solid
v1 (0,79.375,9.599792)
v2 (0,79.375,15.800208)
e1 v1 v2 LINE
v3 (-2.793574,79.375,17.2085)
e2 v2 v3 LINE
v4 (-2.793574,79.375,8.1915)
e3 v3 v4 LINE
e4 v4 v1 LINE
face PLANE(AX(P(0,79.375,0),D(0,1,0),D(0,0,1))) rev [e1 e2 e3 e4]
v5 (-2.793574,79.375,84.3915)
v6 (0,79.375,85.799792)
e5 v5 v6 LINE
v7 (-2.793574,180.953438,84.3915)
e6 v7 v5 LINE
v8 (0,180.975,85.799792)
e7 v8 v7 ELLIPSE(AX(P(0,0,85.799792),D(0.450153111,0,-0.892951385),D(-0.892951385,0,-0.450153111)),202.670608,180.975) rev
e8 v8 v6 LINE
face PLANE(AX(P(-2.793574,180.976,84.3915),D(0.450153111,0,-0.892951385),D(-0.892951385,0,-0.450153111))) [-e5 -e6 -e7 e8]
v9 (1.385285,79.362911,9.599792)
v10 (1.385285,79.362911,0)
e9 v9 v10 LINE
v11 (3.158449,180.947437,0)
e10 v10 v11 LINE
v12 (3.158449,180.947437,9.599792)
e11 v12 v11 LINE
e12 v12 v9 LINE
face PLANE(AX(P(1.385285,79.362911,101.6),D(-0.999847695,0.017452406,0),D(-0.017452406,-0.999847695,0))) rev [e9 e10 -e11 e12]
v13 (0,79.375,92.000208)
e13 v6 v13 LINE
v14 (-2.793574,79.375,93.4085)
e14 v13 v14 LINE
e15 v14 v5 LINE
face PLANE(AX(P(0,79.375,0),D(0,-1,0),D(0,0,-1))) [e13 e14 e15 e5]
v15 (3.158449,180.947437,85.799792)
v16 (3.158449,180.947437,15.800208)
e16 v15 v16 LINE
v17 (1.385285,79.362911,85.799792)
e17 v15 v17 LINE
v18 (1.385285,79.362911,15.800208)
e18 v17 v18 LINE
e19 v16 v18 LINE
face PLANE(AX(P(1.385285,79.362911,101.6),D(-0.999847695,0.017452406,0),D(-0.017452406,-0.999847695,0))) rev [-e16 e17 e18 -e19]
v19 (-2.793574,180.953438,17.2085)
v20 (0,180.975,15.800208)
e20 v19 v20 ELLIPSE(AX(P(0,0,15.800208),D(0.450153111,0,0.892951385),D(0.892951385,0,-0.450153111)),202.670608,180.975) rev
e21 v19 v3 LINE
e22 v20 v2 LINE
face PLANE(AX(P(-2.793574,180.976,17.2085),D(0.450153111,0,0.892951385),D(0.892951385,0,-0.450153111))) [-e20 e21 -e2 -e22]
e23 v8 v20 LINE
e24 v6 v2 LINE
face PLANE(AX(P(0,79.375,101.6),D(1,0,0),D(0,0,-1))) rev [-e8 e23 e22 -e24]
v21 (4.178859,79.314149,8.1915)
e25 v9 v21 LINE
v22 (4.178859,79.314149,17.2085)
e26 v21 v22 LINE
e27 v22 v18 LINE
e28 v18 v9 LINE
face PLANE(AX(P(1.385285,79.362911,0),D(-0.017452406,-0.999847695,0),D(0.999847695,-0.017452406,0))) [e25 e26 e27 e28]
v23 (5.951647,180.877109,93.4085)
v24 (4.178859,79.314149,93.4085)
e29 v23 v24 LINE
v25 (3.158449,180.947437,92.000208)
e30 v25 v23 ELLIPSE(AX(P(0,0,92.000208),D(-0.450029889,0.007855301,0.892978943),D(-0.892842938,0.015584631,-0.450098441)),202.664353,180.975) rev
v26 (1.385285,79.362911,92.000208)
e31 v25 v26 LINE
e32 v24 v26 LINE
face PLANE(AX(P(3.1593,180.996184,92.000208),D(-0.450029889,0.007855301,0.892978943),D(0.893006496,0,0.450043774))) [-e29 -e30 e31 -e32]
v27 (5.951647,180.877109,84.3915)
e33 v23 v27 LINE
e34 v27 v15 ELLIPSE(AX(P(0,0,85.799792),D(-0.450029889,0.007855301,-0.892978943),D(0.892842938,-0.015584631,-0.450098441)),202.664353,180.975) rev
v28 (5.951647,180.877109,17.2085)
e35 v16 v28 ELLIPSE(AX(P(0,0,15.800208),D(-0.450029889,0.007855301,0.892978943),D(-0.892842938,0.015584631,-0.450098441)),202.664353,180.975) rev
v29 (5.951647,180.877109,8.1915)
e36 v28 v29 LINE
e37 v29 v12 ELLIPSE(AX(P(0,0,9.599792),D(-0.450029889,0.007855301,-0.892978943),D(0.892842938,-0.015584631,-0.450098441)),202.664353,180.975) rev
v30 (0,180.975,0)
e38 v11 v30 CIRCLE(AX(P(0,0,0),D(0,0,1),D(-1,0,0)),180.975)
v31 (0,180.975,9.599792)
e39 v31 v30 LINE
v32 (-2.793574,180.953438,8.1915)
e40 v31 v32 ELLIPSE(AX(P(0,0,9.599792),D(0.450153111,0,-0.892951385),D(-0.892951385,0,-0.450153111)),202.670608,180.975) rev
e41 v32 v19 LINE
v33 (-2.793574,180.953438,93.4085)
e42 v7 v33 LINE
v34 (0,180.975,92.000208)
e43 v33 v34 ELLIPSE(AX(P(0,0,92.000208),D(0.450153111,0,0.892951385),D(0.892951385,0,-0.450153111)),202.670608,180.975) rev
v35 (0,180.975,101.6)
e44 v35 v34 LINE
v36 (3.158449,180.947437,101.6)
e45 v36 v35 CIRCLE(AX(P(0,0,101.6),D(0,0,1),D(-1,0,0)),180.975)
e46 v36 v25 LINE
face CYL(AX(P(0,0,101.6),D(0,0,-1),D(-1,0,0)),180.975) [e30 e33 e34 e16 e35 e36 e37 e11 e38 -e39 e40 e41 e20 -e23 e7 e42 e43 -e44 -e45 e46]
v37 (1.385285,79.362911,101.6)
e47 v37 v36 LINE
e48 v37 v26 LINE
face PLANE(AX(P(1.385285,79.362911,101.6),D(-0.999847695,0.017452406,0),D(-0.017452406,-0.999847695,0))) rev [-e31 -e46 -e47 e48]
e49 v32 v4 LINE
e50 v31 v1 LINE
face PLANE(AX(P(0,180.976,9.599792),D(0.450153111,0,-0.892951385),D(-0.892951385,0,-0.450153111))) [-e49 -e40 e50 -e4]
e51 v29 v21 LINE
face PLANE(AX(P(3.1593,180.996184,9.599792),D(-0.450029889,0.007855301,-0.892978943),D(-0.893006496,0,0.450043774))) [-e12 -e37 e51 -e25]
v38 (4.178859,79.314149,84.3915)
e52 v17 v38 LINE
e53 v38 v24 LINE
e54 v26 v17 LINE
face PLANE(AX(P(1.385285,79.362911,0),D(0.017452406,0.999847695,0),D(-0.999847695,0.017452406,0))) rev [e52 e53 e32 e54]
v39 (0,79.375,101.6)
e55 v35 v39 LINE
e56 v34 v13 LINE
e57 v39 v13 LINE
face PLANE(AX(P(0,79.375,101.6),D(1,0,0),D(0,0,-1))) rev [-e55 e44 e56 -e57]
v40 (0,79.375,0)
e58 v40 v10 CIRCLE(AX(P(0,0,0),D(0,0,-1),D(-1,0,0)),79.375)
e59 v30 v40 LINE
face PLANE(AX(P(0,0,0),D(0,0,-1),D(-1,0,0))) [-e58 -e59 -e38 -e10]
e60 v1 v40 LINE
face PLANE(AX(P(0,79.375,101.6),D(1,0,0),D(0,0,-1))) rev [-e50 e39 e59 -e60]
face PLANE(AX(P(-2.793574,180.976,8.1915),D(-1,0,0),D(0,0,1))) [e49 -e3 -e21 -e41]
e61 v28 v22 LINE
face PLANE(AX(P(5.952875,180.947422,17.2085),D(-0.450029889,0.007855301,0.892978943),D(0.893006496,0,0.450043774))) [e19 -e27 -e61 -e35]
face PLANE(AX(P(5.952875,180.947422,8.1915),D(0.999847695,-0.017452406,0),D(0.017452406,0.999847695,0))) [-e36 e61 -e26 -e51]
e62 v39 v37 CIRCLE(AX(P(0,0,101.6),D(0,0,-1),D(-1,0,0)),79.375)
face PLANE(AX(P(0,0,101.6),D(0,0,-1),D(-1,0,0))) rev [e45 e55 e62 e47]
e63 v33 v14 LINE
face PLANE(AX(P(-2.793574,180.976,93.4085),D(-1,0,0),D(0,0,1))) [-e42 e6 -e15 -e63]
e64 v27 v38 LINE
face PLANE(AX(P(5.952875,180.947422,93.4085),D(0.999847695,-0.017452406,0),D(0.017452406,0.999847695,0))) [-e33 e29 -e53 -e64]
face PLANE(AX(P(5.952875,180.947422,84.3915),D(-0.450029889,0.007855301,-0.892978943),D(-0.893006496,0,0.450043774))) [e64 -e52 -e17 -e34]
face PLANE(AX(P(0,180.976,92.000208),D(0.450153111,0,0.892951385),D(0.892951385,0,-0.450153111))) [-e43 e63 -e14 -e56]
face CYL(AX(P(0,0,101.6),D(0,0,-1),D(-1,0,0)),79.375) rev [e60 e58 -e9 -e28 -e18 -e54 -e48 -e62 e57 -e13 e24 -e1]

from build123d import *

# Parameters (mm, degrees)
BOSS_EXTRUDE1_DEPTH      = 101.6
BOSS_EXTRUDE2_REACH      = 145.704
BOSS_EXTRUDE2_END_RADIUS = 180.975
BOSS_EXTRUDE3_REACH      = 145.807
BOSS_EXTRUDE3_END_RADIUS = 180.975


with BuildPart() as part:
    # Sketch1 → Boss-Extrude1 (new body)
    with BuildSketch(Plane.XY):
        with BuildLine():
            Line((0, 79.375), (0, 180.975))
            ThreePointArc((0, 180.975), (1.579284762, 180.968109027), (3.158449255, 180.947436631))
            Line((3.158449255, 180.947436631), (1.385284761, 79.362910803))
            ThreePointArc((1.385284761, 79.362910803), (0.692668755, 79.371977643), (0, 79.375))
        make_face()
    extrude(amount=BOSS_EXTRUDE1_DEPTH)

    # Boss-Extrude2: up to this cylinder (the profile starts inside it)
    boss_extrude2_end = Plane(origin=(0, 0, 50.8), z_dir=(0, 0, -1)) * Cylinder(BOSS_EXTRUDE2_END_RADIUS, 730.558, mode=Mode.PRIVATE)
    # Sketch2 → Boss-Extrude2 (add, up to the surface)
    with BuildSketch(Plane(origin=(1.385284761, 79.362910803, 0), x_dir=(0, 0, -1), z_dir=(-0.017452406437283553, -0.9998476951563913, 0)), mode=Mode.PRIVATE) as boss_extrude2_sk1:
        Polygon((-92.000208065, 0), (-93.4085, 2.794), (-84.3915, 2.794), (-85.799791935, 0), align=None)
    boss_extrude2_tool1 = extrude(boss_extrude2_sk1.sketch, amount=-BOSS_EXTRUDE2_REACH, mode=Mode.PRIVATE) & boss_extrude2_end
    add(boss_extrude2_tool1.solids().sort_by_distance((2.868249, 79.337026, 88.9))[0])
    # Sketch2 → Boss-Extrude2 (add, up to the surface)
    with BuildSketch(Plane(origin=(1.385284761, 79.362910803, 0), x_dir=(0, 0, -1), z_dir=(-0.017452406437283553, -0.9998476951563913, 0)), mode=Mode.PRIVATE) as boss_extrude2_sk2:
        Polygon((-15.800208065, 0), (-9.599791935, 0), (-8.1915, 2.794), (-17.2085, 2.794), align=None)
    boss_extrude2_tool2 = extrude(boss_extrude2_sk2.sketch, amount=-BOSS_EXTRUDE2_REACH, mode=Mode.PRIVATE) & boss_extrude2_end
    add(boss_extrude2_tool2.solids().sort_by_distance((2.868249, 79.337026, 12.7))[0])

    # Boss-Extrude3: up to this cylinder (the profile starts inside it)
    boss_extrude3_end = Plane(origin=(0, 0, 50.8), z_dir=(0, 0, -1)) * Cylinder(BOSS_EXTRUDE3_END_RADIUS, 730.764, mode=Mode.PRIVATE)
    # Sketch3 → Boss-Extrude3 (add, up to the surface)
    with BuildSketch(Plane(origin=(0, 79.375, 0), x_dir=(0, 0, -1), z_dir=(0, -1, 0)), mode=Mode.PRIVATE) as boss_extrude3_sk1:
        Polygon((-92.000208065, 0), (-93.4085, -2.79357446), (-84.3915, -2.79357446), (-85.799791935, 0), align=None)
    boss_extrude3_tool1 = extrude(boss_extrude3_sk1.sketch, amount=-BOSS_EXTRUDE3_REACH, mode=Mode.PRIVATE) & boss_extrude3_end
    add(boss_extrude3_tool1.solids().sort_by_distance((-1.482964, 79.375, 88.9))[0])
    # Sketch3 → Boss-Extrude3 (add, up to the surface)
    with BuildSketch(Plane(origin=(0, 79.375, 0), x_dir=(0, 0, -1), z_dir=(0, -1, 0)), mode=Mode.PRIVATE) as boss_extrude3_sk2:
        Polygon((-15.800208065, 0), (-9.599791935, 0), (-8.1915, -2.79357446), (-17.2085, -2.79357446), align=None)
    boss_extrude3_tool2 = extrude(boss_extrude3_sk2.sketch, amount=-BOSS_EXTRUDE3_REACH, mode=Mode.PRIVATE) & boss_extrude3_end
    add(boss_extrude3_tool2.solids().sort_by_distance((-1.482964, 79.375, 12.7))[0])


solid = part.part
